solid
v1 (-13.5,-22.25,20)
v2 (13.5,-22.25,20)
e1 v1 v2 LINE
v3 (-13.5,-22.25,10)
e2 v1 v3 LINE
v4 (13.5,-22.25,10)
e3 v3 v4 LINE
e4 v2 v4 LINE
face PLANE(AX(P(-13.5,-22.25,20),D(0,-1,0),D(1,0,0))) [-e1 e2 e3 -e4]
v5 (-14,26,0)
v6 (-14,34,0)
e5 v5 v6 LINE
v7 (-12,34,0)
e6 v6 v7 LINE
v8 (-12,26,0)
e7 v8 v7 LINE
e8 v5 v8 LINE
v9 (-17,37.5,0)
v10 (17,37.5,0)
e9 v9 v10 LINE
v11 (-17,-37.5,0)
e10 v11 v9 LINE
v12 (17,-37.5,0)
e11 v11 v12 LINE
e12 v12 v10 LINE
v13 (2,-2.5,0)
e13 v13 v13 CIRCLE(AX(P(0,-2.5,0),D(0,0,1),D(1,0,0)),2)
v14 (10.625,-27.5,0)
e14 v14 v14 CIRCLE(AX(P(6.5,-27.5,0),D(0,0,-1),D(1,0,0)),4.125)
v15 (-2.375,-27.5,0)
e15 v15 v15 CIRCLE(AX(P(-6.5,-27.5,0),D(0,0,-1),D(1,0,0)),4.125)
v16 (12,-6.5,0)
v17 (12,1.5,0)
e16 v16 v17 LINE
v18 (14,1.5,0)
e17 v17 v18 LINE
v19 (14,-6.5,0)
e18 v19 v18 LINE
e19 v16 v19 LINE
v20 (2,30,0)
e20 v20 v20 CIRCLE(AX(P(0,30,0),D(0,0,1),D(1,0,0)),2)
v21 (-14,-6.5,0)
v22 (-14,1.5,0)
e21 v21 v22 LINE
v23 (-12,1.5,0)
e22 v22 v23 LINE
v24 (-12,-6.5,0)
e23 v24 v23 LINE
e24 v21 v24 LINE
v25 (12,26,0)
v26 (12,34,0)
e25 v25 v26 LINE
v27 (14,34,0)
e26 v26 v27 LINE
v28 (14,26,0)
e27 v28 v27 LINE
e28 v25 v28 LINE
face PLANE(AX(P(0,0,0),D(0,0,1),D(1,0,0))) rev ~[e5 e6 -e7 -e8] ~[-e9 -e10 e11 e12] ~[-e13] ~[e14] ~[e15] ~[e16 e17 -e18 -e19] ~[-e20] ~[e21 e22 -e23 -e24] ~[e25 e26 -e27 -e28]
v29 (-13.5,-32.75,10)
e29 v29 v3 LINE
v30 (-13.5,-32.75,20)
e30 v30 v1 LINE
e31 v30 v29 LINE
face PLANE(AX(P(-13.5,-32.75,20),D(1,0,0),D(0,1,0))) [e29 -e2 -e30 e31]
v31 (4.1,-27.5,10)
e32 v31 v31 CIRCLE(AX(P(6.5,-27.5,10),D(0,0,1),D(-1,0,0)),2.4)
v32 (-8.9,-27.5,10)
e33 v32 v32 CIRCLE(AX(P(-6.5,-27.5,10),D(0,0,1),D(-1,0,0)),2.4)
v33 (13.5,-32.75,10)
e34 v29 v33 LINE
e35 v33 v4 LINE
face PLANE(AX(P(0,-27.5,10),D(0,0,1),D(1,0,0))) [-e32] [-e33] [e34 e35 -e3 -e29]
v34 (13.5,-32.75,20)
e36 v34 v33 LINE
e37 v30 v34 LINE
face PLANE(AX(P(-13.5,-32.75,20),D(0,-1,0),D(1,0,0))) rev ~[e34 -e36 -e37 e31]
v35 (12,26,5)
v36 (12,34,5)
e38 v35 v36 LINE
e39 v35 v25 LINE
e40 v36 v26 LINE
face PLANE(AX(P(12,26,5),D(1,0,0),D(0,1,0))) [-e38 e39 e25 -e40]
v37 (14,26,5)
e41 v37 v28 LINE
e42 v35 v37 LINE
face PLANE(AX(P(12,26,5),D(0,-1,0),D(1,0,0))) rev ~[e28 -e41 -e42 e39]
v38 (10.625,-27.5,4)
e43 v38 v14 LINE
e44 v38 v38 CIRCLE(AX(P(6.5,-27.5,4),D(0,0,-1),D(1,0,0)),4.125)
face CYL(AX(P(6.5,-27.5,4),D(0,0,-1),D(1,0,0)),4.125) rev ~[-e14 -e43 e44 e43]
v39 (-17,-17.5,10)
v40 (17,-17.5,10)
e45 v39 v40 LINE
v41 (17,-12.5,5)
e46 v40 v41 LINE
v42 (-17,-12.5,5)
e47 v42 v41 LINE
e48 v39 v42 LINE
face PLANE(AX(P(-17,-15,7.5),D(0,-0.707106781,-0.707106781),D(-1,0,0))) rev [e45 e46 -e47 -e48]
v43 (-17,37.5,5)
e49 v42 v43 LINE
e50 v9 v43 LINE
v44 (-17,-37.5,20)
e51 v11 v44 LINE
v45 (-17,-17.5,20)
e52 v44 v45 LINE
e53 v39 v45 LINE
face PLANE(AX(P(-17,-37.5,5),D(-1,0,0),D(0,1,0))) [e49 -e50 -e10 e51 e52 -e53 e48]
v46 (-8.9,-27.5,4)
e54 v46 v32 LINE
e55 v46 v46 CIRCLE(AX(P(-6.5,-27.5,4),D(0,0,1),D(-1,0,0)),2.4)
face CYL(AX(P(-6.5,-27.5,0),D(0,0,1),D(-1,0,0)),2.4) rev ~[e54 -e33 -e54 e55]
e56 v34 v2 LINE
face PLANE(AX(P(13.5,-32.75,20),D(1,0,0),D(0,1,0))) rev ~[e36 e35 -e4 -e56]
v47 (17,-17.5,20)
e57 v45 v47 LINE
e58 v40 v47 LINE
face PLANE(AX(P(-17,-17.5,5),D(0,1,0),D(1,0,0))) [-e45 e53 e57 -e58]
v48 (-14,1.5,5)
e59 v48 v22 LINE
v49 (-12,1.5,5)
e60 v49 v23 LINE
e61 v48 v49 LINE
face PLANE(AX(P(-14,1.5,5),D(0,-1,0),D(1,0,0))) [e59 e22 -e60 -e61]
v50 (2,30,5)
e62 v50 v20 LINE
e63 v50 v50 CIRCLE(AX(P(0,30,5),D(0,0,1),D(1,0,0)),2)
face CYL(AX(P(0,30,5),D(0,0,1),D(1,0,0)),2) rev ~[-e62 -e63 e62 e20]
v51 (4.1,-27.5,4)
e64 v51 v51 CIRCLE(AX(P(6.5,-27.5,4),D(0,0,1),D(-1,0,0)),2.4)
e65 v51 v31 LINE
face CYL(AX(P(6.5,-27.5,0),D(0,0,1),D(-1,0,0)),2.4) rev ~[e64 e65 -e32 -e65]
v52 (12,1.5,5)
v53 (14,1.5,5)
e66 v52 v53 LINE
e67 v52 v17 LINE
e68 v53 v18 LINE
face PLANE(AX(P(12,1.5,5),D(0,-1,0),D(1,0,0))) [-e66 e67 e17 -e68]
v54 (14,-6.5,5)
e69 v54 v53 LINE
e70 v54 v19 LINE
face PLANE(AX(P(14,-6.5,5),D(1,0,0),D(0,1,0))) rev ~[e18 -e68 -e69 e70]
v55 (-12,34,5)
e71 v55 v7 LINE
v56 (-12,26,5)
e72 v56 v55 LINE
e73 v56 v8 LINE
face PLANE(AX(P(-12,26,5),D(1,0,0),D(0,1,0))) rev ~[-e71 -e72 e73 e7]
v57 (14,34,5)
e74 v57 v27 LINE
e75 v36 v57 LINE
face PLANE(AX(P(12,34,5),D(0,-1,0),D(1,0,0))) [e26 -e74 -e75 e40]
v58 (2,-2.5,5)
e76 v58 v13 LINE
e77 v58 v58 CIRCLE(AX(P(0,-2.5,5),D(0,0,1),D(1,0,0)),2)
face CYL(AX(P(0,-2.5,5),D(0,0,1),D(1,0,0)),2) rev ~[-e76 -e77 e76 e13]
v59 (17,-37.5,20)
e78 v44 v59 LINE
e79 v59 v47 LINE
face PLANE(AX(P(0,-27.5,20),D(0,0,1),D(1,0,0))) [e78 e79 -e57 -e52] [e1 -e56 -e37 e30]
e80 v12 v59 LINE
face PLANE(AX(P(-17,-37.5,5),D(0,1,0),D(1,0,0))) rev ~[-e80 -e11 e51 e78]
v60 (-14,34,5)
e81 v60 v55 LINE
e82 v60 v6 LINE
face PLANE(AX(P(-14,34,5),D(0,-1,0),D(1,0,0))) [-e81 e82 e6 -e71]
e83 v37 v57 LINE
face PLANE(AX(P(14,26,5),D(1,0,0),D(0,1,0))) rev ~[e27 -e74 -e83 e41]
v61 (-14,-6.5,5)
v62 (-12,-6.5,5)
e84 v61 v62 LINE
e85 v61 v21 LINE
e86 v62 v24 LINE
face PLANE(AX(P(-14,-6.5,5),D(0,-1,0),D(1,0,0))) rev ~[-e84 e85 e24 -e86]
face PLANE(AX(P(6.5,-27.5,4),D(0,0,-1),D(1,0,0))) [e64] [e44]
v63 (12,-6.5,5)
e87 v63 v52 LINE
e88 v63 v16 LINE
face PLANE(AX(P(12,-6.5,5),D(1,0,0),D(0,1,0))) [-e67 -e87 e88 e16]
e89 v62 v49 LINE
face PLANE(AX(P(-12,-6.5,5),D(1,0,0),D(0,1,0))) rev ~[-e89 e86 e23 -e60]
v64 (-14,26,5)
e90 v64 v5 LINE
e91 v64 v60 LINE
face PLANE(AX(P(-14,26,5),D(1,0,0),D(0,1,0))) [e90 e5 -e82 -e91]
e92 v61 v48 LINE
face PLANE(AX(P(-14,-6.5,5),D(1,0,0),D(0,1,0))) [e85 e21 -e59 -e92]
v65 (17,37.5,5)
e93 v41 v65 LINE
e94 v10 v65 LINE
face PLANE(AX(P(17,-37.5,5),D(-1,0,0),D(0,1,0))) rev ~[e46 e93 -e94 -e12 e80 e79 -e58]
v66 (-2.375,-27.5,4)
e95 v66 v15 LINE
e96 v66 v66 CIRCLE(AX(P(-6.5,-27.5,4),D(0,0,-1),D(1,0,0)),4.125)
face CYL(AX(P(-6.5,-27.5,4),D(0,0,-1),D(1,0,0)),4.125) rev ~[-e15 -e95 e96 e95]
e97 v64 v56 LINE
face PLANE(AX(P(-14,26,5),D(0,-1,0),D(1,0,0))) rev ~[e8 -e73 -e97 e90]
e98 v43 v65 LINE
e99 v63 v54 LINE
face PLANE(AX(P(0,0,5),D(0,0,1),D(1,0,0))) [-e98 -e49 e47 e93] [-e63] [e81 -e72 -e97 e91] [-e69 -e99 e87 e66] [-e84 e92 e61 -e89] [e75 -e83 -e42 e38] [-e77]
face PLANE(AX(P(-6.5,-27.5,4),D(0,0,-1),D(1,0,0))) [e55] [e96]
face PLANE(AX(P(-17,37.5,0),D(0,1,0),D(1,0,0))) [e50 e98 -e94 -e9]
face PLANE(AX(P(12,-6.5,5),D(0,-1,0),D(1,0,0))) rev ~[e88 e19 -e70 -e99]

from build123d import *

# Parameters (mm, degrees)
SKETCH_W         = 34
SKETCH_H         = 75
PAD_DEPTH        = 5
SKETCH001_W      = 34
SKETCH001_H      = 20
PAD001_DEPTH     = 15
SKETCH002_W      = 27
SKETCH002_H      = 10.5
POCKET_DEPTH     = 10
HOLE_D           = 4.8
HOLE_DEPTH       = 25
HOLE_CBORE_D     = 8.25
HOLE_CBORE_DEPTH = 4
SKETCH004_R      = 2
SKETCH004_W      = 2
SKETCH004_H      = 8
POCKET001_DEPTH  = 5
CHAMFER_SIZE     = 5


with BuildPart() as part:
    # Sketch → Pad (new body)
    with BuildSketch(Plane.XY):
        Rectangle(SKETCH_W, SKETCH_H)
    extrude(amount=PAD_DEPTH)

    # Sketch001 (on Face6 of Pad) → Pad001 (join)
    with BuildSketch(Plane.XY.offset(5)):
        with Locations((0, -27.5)):
            Rectangle(SKETCH001_W, SKETCH001_H)
    extrude(amount=PAD001_DEPTH)

    # Sketch002 (on Face10 of Pad001) → Pocket (cut)
    with BuildSketch(Plane.XY.offset(20)):
        with Locations((0, -27.5)):
            Rectangle(SKETCH002_W, SKETCH002_H)
    extrude(amount=-POCKET_DEPTH, mode=Mode.SUBTRACT)

    # Hole
    with Locations(Plane(origin=(0, 0, 0), x_dir=(1, 0, 0), z_dir=(0, 0, -1))):
        with Locations((-6.5, 27.5), (6.5, 27.5)):
            CounterBoreHole(HOLE_D / 2, HOLE_CBORE_D / 2, HOLE_CBORE_DEPTH, depth=HOLE_DEPTH)

    # Sketch004 (on Face5 of Hole) → Pocket001 (cut)
    with BuildSketch(Plane.XY.offset(5)):
        with Locations((0, 30)):
            Circle(SKETCH004_R)
        with Locations((0, -2.5)):
            Circle(SKETCH004_R)
        with Locations((-13, 30)):
            Rectangle(SKETCH004_W, SKETCH004_H)
        with Locations((13, 30)):
            Rectangle(SKETCH004_W, SKETCH004_H)
        with Locations((-13, -2.5)):
            Rectangle(SKETCH004_W, SKETCH004_H)
        with Locations((13, -2.5)):
            Rectangle(SKETCH004_W, SKETCH004_H)
    extrude(amount=-POCKET001_DEPTH, mode=Mode.SUBTRACT)

    # Chamfer
    chamfer_edges = [part.edges().sort_by_distance(p)[0] for p in [
        (0, -17.5, 5),
    ]]
    chamfer(chamfer_edges, length=CHAMFER_SIZE)


solid = part.part
